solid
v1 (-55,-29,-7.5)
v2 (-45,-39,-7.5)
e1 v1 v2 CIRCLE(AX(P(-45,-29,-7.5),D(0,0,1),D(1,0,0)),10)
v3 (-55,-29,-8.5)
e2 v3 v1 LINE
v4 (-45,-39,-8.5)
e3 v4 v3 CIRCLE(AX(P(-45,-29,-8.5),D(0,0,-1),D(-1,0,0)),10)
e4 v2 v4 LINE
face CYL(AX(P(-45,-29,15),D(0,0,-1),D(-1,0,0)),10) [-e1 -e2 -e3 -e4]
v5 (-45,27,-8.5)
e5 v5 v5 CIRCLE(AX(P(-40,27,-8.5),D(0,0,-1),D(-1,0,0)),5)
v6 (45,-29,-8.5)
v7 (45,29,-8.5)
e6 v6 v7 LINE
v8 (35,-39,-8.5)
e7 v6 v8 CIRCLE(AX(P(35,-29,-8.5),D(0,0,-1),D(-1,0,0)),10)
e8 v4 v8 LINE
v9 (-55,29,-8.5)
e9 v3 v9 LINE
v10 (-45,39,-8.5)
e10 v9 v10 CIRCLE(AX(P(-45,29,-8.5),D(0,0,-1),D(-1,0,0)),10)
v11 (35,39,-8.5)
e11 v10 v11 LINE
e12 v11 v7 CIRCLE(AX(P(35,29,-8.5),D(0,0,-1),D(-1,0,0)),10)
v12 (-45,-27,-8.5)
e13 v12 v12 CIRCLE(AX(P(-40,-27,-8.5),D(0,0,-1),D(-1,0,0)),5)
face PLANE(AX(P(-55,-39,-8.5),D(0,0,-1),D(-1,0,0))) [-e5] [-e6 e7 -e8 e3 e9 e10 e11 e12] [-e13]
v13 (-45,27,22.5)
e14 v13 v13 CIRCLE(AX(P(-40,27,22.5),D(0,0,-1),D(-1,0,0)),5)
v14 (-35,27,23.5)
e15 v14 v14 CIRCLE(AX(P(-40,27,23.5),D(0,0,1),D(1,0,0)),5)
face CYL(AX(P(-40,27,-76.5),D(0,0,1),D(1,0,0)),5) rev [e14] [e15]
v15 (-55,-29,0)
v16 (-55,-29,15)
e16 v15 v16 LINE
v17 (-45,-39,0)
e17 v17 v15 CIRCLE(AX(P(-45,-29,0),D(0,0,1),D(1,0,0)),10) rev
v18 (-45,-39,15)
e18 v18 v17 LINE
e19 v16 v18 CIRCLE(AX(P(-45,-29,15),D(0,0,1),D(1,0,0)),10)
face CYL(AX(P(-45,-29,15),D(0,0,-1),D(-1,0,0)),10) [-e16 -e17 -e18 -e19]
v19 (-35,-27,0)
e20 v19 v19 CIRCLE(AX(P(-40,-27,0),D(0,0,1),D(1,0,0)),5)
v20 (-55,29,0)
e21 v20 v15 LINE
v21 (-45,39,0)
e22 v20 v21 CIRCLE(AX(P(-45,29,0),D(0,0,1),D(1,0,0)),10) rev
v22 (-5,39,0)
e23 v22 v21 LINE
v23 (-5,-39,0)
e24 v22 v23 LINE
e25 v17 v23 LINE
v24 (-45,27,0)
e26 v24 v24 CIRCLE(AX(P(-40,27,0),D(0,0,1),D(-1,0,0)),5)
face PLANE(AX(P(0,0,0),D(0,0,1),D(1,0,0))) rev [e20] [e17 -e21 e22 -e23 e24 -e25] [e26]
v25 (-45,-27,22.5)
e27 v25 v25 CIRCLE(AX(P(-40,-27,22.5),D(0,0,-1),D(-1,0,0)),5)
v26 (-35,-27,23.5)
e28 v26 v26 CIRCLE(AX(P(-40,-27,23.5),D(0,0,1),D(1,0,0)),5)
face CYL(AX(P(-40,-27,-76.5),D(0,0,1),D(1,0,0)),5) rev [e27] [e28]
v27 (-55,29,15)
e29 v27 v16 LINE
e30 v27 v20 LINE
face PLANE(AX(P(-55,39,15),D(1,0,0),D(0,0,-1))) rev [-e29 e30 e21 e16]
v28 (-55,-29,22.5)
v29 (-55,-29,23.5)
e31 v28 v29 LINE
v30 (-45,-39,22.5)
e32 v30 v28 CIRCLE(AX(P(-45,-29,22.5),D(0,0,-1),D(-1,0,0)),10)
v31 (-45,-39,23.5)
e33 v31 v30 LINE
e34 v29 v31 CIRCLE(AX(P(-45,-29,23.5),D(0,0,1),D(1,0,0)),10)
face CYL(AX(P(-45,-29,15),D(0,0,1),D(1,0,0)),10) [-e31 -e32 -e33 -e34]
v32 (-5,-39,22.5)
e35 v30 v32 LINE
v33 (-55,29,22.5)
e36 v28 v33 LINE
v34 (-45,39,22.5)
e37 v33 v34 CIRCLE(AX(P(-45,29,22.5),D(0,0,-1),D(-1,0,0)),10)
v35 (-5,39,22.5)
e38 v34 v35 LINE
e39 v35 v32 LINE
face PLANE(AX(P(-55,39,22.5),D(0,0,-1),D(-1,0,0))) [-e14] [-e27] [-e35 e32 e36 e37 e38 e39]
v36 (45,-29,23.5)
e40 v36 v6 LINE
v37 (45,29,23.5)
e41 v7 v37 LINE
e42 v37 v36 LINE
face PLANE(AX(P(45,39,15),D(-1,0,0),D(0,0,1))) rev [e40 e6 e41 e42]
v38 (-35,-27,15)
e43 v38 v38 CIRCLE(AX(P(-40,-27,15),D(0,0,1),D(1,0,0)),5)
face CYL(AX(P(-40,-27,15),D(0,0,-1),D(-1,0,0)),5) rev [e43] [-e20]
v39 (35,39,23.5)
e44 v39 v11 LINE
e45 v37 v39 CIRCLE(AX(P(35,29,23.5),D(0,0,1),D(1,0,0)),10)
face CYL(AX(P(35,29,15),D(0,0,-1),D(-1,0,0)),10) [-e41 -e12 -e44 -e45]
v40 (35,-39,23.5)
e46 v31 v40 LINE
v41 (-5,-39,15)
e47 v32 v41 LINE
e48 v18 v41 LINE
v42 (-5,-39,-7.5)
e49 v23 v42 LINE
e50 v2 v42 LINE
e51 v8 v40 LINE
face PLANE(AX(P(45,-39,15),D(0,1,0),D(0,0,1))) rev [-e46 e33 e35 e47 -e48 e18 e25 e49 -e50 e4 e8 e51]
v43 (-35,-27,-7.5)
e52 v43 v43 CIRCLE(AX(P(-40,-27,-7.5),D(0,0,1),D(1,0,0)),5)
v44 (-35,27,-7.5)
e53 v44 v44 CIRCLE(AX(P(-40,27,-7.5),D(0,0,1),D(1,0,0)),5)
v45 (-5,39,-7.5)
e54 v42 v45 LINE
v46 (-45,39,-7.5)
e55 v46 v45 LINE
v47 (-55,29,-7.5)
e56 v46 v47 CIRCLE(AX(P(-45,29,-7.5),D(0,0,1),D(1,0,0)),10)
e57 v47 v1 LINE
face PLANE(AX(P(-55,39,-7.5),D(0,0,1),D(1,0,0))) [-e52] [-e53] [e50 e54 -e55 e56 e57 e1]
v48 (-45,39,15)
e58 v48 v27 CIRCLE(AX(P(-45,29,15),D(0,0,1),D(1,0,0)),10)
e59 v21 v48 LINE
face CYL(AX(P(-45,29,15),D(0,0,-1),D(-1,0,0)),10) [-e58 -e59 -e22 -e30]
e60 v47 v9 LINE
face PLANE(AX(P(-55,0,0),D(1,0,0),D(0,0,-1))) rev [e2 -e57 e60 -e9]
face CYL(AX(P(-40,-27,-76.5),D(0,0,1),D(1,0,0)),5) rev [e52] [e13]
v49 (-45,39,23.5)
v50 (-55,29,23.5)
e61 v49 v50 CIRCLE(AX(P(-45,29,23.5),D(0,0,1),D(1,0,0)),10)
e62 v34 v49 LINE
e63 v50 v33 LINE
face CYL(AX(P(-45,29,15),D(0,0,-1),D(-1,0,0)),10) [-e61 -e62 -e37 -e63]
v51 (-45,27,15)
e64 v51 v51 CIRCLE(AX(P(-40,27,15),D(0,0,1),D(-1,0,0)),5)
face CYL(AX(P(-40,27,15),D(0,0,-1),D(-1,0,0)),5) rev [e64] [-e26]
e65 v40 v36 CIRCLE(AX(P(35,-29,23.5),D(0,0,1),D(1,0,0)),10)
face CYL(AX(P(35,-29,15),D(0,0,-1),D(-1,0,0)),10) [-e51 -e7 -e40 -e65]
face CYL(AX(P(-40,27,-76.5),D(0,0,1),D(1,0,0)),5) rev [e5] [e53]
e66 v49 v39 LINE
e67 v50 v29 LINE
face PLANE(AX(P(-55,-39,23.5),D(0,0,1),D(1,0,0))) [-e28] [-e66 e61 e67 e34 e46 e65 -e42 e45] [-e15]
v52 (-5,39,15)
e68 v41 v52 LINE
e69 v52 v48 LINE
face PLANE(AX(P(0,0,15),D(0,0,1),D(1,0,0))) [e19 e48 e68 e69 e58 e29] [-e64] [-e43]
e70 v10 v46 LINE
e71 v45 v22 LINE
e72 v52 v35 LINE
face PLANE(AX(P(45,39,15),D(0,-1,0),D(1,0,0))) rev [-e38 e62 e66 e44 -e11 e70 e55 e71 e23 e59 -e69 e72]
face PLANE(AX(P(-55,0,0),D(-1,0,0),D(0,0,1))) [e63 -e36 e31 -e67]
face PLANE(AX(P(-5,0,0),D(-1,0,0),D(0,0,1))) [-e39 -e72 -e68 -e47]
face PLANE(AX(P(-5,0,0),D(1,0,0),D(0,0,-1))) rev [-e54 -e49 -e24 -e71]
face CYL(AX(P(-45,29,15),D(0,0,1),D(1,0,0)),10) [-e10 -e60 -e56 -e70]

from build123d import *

# Parameters (mm, degrees)
SKETCH1_W           = 78
SKETCH1_H           = 100
SKETCH1_R           = 5
BOSS_EXTRUDE1_DEPTH = 15
FILLET1_R           = 10
SKETCH2_W           = 78
SKETCH2_H           = 7.5
BOSS_EXTRUDE2_DEPTH = 50
SKETCH3_W           = 78
SKETCH3_H           = 1
BOSS_EXTRUDE3_DEPTH = 100
FILLET2_R           = 10
FILLET3_R           = 10
CUT_EXTRUDE1_START  = -100
SKETCH4_R           = 5
CUT_EXTRUDE1_DEPTH  = 100


with BuildPart() as part:
    # Sketch1 → Boss-Extrude1 (new body)
    with BuildSketch(Plane(origin=(0, 0, 0), x_dir=(0, 1, 0), z_dir=(0, 0, 1))):
        with Locations((0, 5)):
            Rectangle(SKETCH1_W, SKETCH1_H)
        with Locations(Location((-27, 40, 0), (0, 0, 270))):
            Circle(SKETCH1_R, mode=Mode.SUBTRACT)
        with Locations(Location((27, 40, 0), (0, 0, 90))):
            Circle(SKETCH1_R, mode=Mode.SUBTRACT)
    extrude(amount=BOSS_EXTRUDE1_DEPTH)

    # Fillet1
    fillet1_edges = [part.edges().sort_by_distance(p)[0] for p in [
        (-55, -39, 7.5),
        (-55, 39, 7.5),
    ]]
    fillet(fillet1_edges, radius=FILLET1_R)

    # Sketch2 → Boss-Extrude2 (add)
    with BuildSketch(Plane.YZ.offset(45)):
        with Locations((0, 18.75)):
            Rectangle(SKETCH2_W, SKETCH2_H)
        with Locations((0, -3.75)):
            Rectangle(SKETCH2_W, SKETCH2_H)
    extrude(amount=-BOSS_EXTRUDE2_DEPTH)

    # Sketch3 → Boss-Extrude3 (add)
    with BuildSketch(Plane.YZ.offset(45)):
        with Locations((0, 23)):
            Rectangle(SKETCH3_W, SKETCH3_H)
        with Locations((0, -8)):
            Rectangle(SKETCH3_W, SKETCH3_H)
    extrude(amount=-BOSS_EXTRUDE3_DEPTH)

    # Fillet2
    fillet2_edges = [part.edges().sort_by_distance(p)[0] for p in [
        (-55, 39, -8),
        (-55, -39, -8),
        (45, 39, 7.5),
        (45, -39, 7.5),
    ]]
    fillet(fillet2_edges, radius=FILLET2_R)

    # Fillet3
    fillet3_edges = [part.edges().sort_by_distance(p)[0] for p in [
        (-55, -39, 23),
        (-55, 39, 23),
    ]]
    fillet(fillet3_edges, radius=FILLET3_R)

    # Sketch4 → Cut-Extrude1 (cut)
    with BuildSketch(Plane.XY.offset(23.5).offset(CUT_EXTRUDE1_START)):
        with Locations(Location((-40, 27, 0), (0, 0, 180))):
            Circle(SKETCH4_R)
        with Locations((-40, -27)):
            Circle(SKETCH4_R)
    extrude(amount=CUT_EXTRUDE1_DEPTH, mode=Mode.SUBTRACT)


solid = part.part
